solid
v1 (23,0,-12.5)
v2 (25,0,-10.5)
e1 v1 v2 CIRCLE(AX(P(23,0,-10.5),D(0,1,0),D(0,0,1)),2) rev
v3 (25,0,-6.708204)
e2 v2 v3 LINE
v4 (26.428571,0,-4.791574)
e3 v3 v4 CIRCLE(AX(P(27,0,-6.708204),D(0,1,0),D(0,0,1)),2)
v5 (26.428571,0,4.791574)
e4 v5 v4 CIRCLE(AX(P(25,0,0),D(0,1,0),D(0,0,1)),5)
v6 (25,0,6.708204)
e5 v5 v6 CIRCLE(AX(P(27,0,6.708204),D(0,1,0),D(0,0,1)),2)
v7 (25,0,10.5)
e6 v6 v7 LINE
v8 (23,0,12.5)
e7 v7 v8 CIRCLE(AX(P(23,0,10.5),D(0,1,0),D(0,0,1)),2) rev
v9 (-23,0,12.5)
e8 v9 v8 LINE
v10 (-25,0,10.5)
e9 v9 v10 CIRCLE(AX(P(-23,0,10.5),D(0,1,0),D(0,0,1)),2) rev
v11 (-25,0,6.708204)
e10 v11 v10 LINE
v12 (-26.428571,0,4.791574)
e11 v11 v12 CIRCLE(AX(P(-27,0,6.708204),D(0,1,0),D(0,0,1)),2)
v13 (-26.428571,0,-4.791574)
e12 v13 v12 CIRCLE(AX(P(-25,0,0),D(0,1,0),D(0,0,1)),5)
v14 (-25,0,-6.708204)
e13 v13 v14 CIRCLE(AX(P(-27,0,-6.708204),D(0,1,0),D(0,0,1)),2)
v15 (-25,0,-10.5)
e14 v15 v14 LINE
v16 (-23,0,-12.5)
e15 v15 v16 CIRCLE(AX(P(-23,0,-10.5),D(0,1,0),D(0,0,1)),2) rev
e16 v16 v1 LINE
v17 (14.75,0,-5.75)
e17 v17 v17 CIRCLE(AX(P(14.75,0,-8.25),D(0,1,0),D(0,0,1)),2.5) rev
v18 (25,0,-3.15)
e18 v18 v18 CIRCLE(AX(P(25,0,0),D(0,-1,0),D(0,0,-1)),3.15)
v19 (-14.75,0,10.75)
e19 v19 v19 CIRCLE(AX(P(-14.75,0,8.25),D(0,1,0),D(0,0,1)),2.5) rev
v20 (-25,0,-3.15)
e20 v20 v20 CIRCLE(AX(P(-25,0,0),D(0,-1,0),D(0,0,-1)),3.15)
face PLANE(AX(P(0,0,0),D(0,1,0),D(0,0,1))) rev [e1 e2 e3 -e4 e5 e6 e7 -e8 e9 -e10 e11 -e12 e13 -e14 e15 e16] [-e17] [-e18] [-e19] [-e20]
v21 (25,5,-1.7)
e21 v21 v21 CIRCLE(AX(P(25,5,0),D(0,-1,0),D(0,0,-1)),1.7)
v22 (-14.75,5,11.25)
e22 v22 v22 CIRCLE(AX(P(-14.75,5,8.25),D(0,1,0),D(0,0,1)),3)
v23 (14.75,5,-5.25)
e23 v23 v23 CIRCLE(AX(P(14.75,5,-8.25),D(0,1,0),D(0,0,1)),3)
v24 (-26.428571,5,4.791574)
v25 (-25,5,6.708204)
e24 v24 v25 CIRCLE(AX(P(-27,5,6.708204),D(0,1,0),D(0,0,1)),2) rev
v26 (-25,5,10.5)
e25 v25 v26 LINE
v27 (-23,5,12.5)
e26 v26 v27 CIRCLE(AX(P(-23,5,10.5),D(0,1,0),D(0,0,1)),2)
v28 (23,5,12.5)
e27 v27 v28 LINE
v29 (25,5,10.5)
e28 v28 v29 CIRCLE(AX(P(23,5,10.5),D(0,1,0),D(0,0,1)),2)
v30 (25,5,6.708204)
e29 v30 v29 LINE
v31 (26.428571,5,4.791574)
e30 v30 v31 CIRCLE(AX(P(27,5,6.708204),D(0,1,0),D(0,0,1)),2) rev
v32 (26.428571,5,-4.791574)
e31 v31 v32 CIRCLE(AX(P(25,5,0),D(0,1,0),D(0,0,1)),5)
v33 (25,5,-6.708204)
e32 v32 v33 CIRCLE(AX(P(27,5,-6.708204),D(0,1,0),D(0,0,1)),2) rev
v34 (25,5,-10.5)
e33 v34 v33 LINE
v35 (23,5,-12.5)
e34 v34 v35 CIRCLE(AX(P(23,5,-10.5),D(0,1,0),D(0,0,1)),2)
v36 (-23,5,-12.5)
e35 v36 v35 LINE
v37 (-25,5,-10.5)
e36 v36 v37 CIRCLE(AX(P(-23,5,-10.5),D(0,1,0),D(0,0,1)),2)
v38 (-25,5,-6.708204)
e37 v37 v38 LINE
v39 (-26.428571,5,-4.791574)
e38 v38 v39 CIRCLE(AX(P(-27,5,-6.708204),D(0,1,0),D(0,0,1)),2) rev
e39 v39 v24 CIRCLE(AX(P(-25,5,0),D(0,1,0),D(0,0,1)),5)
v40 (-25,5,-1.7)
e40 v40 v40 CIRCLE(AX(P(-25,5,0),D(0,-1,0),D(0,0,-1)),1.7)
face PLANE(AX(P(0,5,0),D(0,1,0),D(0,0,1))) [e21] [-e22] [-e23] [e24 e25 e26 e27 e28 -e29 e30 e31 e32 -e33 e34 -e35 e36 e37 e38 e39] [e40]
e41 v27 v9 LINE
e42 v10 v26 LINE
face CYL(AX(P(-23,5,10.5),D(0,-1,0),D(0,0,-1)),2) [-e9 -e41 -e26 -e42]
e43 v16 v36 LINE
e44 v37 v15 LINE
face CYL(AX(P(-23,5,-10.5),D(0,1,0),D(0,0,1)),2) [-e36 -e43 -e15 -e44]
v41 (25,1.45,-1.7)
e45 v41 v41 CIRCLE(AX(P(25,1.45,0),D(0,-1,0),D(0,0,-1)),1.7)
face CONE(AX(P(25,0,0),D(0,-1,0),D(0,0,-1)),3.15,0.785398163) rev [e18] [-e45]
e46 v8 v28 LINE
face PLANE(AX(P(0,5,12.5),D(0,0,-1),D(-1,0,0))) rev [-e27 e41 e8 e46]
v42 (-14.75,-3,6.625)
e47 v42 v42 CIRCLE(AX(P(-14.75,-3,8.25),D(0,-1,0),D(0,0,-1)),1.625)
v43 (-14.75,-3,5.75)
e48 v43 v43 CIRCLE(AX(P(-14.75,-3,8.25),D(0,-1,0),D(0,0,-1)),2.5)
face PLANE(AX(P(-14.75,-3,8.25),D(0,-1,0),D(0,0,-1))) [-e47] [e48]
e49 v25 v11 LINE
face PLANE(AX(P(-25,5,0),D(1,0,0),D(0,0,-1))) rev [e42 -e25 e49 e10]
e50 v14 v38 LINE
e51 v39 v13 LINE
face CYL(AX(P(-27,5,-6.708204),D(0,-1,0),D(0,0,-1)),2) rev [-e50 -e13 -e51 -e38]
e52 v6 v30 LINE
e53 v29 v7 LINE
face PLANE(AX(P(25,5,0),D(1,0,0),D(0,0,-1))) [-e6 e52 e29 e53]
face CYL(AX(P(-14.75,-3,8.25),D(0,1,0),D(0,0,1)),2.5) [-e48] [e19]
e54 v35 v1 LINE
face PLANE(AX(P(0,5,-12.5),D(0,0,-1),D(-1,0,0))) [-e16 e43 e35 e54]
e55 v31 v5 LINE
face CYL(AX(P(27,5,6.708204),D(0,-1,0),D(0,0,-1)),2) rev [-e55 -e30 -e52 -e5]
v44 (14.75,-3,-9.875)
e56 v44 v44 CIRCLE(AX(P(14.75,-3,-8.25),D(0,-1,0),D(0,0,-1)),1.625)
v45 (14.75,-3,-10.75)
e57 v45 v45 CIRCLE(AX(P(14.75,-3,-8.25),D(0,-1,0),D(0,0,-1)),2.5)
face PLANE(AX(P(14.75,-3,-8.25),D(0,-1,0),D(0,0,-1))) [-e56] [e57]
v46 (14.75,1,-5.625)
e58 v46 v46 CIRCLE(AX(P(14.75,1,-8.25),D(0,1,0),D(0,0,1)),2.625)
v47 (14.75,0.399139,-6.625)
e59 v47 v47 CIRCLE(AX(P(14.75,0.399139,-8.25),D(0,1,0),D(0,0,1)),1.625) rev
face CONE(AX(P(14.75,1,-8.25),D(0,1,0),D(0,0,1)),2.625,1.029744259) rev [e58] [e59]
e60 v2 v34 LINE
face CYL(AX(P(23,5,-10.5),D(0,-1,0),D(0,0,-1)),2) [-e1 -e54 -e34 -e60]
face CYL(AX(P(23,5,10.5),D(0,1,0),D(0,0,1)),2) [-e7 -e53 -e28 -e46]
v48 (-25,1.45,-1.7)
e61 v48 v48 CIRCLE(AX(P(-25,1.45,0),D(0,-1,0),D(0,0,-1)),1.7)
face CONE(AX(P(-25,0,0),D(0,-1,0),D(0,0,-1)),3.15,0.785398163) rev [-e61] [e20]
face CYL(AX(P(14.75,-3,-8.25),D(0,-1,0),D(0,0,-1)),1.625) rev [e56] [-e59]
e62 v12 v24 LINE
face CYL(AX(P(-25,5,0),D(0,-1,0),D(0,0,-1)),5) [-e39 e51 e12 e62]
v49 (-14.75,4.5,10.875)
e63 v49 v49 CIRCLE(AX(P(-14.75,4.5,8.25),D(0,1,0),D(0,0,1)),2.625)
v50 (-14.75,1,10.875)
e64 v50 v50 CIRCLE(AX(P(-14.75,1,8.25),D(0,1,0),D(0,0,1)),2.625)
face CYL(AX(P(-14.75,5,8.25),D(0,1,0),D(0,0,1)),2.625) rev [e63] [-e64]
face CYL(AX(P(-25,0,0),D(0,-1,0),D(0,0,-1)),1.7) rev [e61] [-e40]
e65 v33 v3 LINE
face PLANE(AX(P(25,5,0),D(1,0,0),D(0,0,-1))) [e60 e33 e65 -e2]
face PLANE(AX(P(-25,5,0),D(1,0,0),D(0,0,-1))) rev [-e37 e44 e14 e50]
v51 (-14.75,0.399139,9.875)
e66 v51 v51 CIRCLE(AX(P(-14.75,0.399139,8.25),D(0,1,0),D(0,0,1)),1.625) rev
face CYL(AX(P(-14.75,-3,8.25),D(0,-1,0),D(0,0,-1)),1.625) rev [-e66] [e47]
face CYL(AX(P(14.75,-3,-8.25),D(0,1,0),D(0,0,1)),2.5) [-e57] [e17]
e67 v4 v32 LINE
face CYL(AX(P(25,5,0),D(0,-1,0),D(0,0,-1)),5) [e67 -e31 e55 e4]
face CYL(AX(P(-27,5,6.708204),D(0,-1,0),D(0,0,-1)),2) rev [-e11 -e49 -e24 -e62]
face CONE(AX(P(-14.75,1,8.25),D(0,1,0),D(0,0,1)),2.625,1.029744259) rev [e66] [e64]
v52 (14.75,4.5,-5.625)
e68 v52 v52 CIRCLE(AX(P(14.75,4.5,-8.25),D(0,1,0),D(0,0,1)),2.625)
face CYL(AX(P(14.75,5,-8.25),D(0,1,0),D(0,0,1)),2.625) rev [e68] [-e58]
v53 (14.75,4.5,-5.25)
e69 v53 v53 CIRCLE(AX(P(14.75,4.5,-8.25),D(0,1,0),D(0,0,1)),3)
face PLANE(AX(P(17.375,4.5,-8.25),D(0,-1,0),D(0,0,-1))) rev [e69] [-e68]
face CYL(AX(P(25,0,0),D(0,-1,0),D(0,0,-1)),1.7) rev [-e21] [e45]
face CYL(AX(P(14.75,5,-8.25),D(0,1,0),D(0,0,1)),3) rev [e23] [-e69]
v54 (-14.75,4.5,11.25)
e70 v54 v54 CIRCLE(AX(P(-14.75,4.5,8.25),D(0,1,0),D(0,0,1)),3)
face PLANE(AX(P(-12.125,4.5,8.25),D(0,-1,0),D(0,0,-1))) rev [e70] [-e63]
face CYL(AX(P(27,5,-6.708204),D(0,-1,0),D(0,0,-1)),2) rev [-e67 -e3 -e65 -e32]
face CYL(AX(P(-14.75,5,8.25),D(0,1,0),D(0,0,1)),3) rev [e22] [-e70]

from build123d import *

# Parameters (mm, degrees)
SKETCH1_W                                       = 50
SKETCH1_H                                       = 7.5
BOSS_EXTRUDE1_DEPTH                             = 5
FILLET1_R                                       = 2
SKETCH2_R                                       = 2.5
BOSS_EXTRUDE2_DEPTH                             = 3
CBORE_FOR_M3_SHCS1_D                            = 5.25
CBORE_FOR_M3_SHCS1_DEPTH                        = 4
CBORE_FOR_M3_SHCS1_CBORE_D                      = 6
CBORE_FOR_M3_SHCS1_CBORE_DEPTH                  = 0.5
CBORE_FOR_M3_SHCS1_TIP                          = 1.577259125
CSK_FOR_M3_FLAT_HEAD_MACHINE_SCREW1_D           = 3.4
CSK_FOR_M3_FLAT_HEAD_MACHINE_SCREW1_CSINK_D     = 6.3
CSK_FOR_M3_FLAT_HEAD_MACHINE_SCREW1_CSINK_ANGLE = 90
M3_CLEARANCE_HOLE1_D                            = 3.25
M3_CLEARANCE_HOLE1_DEPTH                        = 4
M3_CLEARANCE_HOLE1_TIP                          = 0.976398506


with BuildPart() as part:
    # Sketch1 → Boss-Extrude1 (new body)
    with BuildSketch(Plane(origin=(0, 0, 0), x_dir=(1, 0, 0), z_dir=(0, 1, 0))):
        with Locations((0, -8.75)):
            Rectangle(SKETCH1_W, SKETCH1_H)
        with BuildLine():
            Line((-25, 2.625), (-25, 5))
            ThreePointArc((-25, 5), (-30, 0), (-25, -5))
            Line((-25, -5), (-25, -2.625))
            ThreePointArc((-25, -2.625), (-27.625, 0), (-25, 2.625))
        make_face()
        with BuildLine():
            Line((25, 5), (-25, 5))
            Line((-25, 5), (-25, 2.625))
            ThreePointArc((-25, 2.625), (-23.143844699, 1.856155301), (-22.375, 0))
            ThreePointArc((-22.375, 0), (-23.143844699, -1.856155301), (-25, -2.625))
            Line((-25, -2.625), (-25, -5))
            Line((-25, -5), (25, -5))
            Line((25, -5), (25, -2.625))
            ThreePointArc((25, -2.625), (22.375, 0), (25, 2.625))
            Line((25, 2.625), (25, 5))
        make_face()
        with Locations((0, 8.75)):
            Rectangle(SKETCH1_W, SKETCH1_H)
        with BuildLine():
            ThreePointArc((25, -5), (30, 0), (25, 5))
            Line((25, 5), (25, 2.625))
            ThreePointArc((25, 2.625), (26.856155301, 1.856155301), (27.625, 0))
            ThreePointArc((27.625, 0), (26.856155301, -1.856155301), (25, -2.625))
            Line((25, -2.625), (25, -5))
        make_face()
        with BuildLine():
            ThreePointArc((-22.375, 0), (-23.143844699, 1.856155301), (-25, 2.625))
            Line((-25, 2.625), (-25, -2.625))
            ThreePointArc((-25, -2.625), (-23.143844699, -1.856155301), (-22.375, 0))
        make_face()
        with BuildLine():
            Line((-25, -2.625), (-25, 2.625))
            ThreePointArc((-25, 2.625), (-27.625, 0), (-25, -2.625))
        make_face()
        with BuildLine():
            ThreePointArc((27.625, 0), (26.856155301, 1.856155301), (25, 2.625))
            Line((25, 2.625), (25, -2.625))
            ThreePointArc((25, -2.625), (26.856155301, -1.856155301), (27.625, 0))
        make_face()
        with BuildLine():
            Line((25, -2.625), (25, 2.625))
            ThreePointArc((25, 2.625), (22.375, 0), (25, -2.625))
        make_face()
    extrude(amount=BOSS_EXTRUDE1_DEPTH)

    # Fillet1
    fillet1_edges = [part.edges().sort_by_distance(p)[0] for p in [
        (25, 2.5, 12.5),
        (-25, 2.5, 12.5),
        (-25, 2.5, 5),
        (-25, 2.5, -5),
        (-25, 2.5, -12.5),
        (25, 2.5, -12.5),
        (25, 2.5, -5),
        (25, 2.5, 5),
    ]]
    fillet(fillet1_edges, radius=FILLET1_R)

    # Sketch2 → Boss-Extrude2 (add)
    with BuildSketch(Plane.XZ):
        with Locations(Location((-14.75, 8.25, 0), (0, 0, 90))):
            Circle(SKETCH2_R)
        with Locations(Location((14.75, -8.25, 0), (0, 0, 90))):
            Circle(SKETCH2_R)
    extrude(amount=BOSS_EXTRUDE2_DEPTH)

    # CBORE for M3 SHCS1
    with Locations(Plane(origin=(0, 5, 0), x_dir=(1, 0, 0), z_dir=(0, 1, 0))):
        with Locations((-14.75, -8.25), (14.75, 8.25)):
            CounterBoreHole(CBORE_FOR_M3_SHCS1_D / 2, CBORE_FOR_M3_SHCS1_CBORE_D / 2, CBORE_FOR_M3_SHCS1_CBORE_DEPTH, depth=CBORE_FOR_M3_SHCS1_DEPTH)
            with Locations((0, 0, -(CBORE_FOR_M3_SHCS1_DEPTH + CBORE_FOR_M3_SHCS1_TIP / 2))):  # 118° drill point
                Cone(0, CBORE_FOR_M3_SHCS1_D / 2, CBORE_FOR_M3_SHCS1_TIP, mode=Mode.SUBTRACT)

    # CSK for M3 Flat Head Machine Screw1 (through all)
    with Locations(Plane.XZ):
        with Locations((-25, 0), (25, 0)):
            CounterSinkHole(CSK_FOR_M3_FLAT_HEAD_MACHINE_SCREW1_D / 2, CSK_FOR_M3_FLAT_HEAD_MACHINE_SCREW1_CSINK_D / 2, counter_sink_angle=CSK_FOR_M3_FLAT_HEAD_MACHINE_SCREW1_CSINK_ANGLE)

    # M3 Clearance Hole1
    with Locations(Plane.XZ.offset(3)):
        with Locations((-14.75, 8.25), (14.75, -8.25)):
            Hole(M3_CLEARANCE_HOLE1_D / 2, depth=M3_CLEARANCE_HOLE1_DEPTH)
            with Locations((0, 0, -(M3_CLEARANCE_HOLE1_DEPTH + M3_CLEARANCE_HOLE1_TIP / 2))):  # 118° drill point
                Cone(0, M3_CLEARANCE_HOLE1_D / 2, M3_CLEARANCE_HOLE1_TIP, mode=Mode.SUBTRACT)


solid = part.part
